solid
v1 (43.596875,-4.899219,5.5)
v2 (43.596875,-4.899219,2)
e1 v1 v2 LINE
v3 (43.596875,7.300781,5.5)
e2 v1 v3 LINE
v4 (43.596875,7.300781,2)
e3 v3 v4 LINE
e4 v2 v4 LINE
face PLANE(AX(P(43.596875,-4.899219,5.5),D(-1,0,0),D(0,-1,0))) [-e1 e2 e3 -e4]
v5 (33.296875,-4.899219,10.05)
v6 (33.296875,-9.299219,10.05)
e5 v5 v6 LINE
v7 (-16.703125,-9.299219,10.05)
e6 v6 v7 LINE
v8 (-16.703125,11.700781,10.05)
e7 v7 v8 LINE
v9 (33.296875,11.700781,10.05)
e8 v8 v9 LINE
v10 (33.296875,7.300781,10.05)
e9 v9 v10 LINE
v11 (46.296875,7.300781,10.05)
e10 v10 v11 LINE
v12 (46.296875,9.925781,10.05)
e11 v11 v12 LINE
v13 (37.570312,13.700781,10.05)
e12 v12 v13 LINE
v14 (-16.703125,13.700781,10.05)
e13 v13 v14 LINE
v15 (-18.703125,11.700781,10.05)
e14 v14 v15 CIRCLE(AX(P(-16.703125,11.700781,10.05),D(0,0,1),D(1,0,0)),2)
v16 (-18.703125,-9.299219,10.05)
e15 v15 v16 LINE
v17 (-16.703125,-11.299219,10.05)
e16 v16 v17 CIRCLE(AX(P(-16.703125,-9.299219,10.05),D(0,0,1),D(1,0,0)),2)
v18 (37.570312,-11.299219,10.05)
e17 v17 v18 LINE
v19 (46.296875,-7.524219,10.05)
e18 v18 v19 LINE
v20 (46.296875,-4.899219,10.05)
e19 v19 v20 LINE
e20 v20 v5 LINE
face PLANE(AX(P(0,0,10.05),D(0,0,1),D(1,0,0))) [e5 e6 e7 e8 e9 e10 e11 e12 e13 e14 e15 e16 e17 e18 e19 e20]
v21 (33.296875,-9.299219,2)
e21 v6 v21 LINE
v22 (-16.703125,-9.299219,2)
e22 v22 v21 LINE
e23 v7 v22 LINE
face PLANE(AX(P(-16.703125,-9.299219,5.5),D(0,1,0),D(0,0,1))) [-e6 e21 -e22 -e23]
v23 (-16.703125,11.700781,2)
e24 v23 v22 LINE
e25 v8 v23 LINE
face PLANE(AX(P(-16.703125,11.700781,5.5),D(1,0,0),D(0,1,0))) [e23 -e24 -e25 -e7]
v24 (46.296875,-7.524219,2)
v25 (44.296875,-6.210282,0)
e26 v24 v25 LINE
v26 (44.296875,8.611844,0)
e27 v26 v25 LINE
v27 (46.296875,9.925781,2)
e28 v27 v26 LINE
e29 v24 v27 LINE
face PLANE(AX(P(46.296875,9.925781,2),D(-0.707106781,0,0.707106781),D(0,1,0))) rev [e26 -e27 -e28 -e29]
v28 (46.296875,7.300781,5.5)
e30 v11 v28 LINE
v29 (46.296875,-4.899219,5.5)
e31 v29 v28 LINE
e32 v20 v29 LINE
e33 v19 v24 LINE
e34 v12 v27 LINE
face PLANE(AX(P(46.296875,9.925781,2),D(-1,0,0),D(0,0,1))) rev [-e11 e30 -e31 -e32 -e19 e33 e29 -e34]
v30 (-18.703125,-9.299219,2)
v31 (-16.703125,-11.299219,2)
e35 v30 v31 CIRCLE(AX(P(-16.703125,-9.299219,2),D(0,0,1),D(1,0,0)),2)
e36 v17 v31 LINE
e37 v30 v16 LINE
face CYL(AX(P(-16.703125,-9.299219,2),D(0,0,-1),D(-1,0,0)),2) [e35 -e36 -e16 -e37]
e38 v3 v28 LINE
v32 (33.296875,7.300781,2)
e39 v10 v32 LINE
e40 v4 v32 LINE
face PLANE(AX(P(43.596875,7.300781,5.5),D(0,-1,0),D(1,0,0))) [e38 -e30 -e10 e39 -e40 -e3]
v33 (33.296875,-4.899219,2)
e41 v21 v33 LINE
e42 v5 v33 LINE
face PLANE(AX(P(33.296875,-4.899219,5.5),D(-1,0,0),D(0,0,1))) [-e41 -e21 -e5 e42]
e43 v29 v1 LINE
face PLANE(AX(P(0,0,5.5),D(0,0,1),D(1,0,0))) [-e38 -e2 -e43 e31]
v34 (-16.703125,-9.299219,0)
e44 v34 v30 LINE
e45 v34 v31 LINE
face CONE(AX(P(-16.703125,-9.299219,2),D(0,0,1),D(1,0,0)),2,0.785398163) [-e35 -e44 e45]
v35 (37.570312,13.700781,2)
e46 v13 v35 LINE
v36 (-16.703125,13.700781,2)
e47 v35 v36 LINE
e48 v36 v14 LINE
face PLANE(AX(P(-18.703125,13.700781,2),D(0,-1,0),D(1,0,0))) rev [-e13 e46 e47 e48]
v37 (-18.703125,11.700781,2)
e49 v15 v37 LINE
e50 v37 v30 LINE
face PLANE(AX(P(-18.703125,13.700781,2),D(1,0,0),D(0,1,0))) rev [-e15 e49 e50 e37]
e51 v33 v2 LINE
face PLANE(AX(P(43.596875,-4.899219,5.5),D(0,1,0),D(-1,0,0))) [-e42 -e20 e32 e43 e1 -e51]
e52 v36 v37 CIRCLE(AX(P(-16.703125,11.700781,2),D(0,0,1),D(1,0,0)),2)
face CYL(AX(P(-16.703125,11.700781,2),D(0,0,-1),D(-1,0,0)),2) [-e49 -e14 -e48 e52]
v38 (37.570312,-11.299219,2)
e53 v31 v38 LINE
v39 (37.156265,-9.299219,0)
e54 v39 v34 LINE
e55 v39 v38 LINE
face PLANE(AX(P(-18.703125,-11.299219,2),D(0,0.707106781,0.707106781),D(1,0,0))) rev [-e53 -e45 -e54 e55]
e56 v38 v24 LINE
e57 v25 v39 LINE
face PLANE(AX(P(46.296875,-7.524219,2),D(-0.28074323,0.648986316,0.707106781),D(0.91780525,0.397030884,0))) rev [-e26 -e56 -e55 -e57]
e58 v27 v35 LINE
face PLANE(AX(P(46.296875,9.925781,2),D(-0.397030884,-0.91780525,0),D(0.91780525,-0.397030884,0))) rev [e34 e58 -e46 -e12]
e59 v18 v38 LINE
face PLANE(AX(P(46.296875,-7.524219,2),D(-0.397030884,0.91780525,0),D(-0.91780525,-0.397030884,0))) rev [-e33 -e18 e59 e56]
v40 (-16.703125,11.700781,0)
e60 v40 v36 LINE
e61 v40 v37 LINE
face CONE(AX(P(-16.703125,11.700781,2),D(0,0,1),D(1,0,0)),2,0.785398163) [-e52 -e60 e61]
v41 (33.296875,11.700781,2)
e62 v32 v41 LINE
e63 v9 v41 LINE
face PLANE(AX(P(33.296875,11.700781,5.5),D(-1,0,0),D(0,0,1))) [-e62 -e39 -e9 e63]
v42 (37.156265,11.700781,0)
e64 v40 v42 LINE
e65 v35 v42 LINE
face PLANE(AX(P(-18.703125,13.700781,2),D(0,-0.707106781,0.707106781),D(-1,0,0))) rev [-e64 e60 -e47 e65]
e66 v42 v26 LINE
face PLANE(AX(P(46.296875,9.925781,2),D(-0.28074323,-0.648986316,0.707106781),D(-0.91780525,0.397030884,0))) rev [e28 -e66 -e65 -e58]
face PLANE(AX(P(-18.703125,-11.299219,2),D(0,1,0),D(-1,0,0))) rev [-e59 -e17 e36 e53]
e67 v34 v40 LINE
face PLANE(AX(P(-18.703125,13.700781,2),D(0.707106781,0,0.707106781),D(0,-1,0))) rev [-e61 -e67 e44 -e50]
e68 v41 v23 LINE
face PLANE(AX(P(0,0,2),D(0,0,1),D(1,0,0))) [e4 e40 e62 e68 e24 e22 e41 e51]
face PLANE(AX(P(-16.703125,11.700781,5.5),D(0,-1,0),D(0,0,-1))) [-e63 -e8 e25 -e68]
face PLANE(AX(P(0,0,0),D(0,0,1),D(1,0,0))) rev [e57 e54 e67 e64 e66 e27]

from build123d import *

# Parameters (mm, degrees)
EXTRUDE_1_DEPTH = 2
EXTRUDE_2_DEPTH = 3.5
EXTRUDE_3_DEPTH = 4.55
FILLET_1_R      = 2
CHAMFER_1_SIZE  = 2
CHAMFER_2_SIZE  = 2


with BuildPart() as part:
    # Эскиз1 → Бобышка-Вытянуть1 (new body)
    with BuildSketch(Plane.XY):
        Polygon((46.296875, 9.92578125), (37.5703125, 13.70078125), (-18.703125, 13.70078125), (-18.703125, -11.29921875), (37.5703125, -11.29921875), (46.296875, -7.52421875), align=None)
    extrude(amount=EXTRUDE_1_DEPTH)

    # Эскиз2 → Бобышка-Вытянуть2 (add)
    with BuildSketch(Plane.XY.offset(2)):
        Polygon((-18.703125, -11.29921875), (37.5703125, -11.29921875), (46.296875, -7.52421875), (46.296875, 9.92578125), (37.5703125, 13.70078125), (-18.703125, 13.70078125), align=None)
        Polygon((-16.703125, 11.70078125), (33.296875, 11.70078125), (33.296875, 7.30078125), (43.596875, 7.30078125), (43.596875, -4.89921875), (33.296875, -4.89921875), (33.296875, -9.29921875), (-16.703125, -9.29921875), align=None, mode=Mode.SUBTRACT)
    extrude(amount=EXTRUDE_2_DEPTH)

    # Эскиз3 → Бобышка-Вытянуть3 (add)
    with BuildSketch(Plane.XY.offset(5.5)):
        Polygon((-18.703125, 13.70078125), (-18.703125, -11.29921875), (37.5703125, -11.29921875), (46.296875, -7.52421875), (46.296875, -4.89921875), (33.296875, -4.89921875), (33.296875, -9.29921875), (-16.703125, -9.29921875), (-16.703125, 11.70078125), (33.296875, 11.70078125), (33.296875, 7.30078125), (46.296875, 7.30078125), (46.296875, 9.92578125), (37.5703125, 13.70078125), align=None)
    extrude(amount=EXTRUDE_3_DEPTH)

    # Скругление1
    fillet_1_edges = [part.edges().sort_by_distance(p)[0] for p in [
        (-18.703125, 13.70078125, 5.025),
        (-18.703125, -11.29921875, 5.025),
    ]]
    fillet(fillet_1_edges, radius=FILLET_1_R)

    # Фаска1
    chamfer_1_edges = [part.edges().sort_by_distance(p)[0] for p in [
        (10.43359375, 13.70078125, 0),
        (10.43359375, -11.29921875, 0),
        (-18.703125, 1.20078125, 0),
        (-18.117338562, 13.114994812, 0),
        (-18.117338562, -10.713432312, 0),
    ]]
    chamfer(chamfer_1_edges, length=CHAMFER_1_SIZE)

    # Фаска2
    chamfer_2_edges = [part.edges().sort_by_distance(p)[0] for p in [
        (44.245265935, 10.81328125, 0),
        (46.296875, 1.20078125, 0),
        (44.245265935, -8.41171875, 0),
    ]]
    chamfer(chamfer_2_edges, length=CHAMFER_2_SIZE)


solid = part.part
